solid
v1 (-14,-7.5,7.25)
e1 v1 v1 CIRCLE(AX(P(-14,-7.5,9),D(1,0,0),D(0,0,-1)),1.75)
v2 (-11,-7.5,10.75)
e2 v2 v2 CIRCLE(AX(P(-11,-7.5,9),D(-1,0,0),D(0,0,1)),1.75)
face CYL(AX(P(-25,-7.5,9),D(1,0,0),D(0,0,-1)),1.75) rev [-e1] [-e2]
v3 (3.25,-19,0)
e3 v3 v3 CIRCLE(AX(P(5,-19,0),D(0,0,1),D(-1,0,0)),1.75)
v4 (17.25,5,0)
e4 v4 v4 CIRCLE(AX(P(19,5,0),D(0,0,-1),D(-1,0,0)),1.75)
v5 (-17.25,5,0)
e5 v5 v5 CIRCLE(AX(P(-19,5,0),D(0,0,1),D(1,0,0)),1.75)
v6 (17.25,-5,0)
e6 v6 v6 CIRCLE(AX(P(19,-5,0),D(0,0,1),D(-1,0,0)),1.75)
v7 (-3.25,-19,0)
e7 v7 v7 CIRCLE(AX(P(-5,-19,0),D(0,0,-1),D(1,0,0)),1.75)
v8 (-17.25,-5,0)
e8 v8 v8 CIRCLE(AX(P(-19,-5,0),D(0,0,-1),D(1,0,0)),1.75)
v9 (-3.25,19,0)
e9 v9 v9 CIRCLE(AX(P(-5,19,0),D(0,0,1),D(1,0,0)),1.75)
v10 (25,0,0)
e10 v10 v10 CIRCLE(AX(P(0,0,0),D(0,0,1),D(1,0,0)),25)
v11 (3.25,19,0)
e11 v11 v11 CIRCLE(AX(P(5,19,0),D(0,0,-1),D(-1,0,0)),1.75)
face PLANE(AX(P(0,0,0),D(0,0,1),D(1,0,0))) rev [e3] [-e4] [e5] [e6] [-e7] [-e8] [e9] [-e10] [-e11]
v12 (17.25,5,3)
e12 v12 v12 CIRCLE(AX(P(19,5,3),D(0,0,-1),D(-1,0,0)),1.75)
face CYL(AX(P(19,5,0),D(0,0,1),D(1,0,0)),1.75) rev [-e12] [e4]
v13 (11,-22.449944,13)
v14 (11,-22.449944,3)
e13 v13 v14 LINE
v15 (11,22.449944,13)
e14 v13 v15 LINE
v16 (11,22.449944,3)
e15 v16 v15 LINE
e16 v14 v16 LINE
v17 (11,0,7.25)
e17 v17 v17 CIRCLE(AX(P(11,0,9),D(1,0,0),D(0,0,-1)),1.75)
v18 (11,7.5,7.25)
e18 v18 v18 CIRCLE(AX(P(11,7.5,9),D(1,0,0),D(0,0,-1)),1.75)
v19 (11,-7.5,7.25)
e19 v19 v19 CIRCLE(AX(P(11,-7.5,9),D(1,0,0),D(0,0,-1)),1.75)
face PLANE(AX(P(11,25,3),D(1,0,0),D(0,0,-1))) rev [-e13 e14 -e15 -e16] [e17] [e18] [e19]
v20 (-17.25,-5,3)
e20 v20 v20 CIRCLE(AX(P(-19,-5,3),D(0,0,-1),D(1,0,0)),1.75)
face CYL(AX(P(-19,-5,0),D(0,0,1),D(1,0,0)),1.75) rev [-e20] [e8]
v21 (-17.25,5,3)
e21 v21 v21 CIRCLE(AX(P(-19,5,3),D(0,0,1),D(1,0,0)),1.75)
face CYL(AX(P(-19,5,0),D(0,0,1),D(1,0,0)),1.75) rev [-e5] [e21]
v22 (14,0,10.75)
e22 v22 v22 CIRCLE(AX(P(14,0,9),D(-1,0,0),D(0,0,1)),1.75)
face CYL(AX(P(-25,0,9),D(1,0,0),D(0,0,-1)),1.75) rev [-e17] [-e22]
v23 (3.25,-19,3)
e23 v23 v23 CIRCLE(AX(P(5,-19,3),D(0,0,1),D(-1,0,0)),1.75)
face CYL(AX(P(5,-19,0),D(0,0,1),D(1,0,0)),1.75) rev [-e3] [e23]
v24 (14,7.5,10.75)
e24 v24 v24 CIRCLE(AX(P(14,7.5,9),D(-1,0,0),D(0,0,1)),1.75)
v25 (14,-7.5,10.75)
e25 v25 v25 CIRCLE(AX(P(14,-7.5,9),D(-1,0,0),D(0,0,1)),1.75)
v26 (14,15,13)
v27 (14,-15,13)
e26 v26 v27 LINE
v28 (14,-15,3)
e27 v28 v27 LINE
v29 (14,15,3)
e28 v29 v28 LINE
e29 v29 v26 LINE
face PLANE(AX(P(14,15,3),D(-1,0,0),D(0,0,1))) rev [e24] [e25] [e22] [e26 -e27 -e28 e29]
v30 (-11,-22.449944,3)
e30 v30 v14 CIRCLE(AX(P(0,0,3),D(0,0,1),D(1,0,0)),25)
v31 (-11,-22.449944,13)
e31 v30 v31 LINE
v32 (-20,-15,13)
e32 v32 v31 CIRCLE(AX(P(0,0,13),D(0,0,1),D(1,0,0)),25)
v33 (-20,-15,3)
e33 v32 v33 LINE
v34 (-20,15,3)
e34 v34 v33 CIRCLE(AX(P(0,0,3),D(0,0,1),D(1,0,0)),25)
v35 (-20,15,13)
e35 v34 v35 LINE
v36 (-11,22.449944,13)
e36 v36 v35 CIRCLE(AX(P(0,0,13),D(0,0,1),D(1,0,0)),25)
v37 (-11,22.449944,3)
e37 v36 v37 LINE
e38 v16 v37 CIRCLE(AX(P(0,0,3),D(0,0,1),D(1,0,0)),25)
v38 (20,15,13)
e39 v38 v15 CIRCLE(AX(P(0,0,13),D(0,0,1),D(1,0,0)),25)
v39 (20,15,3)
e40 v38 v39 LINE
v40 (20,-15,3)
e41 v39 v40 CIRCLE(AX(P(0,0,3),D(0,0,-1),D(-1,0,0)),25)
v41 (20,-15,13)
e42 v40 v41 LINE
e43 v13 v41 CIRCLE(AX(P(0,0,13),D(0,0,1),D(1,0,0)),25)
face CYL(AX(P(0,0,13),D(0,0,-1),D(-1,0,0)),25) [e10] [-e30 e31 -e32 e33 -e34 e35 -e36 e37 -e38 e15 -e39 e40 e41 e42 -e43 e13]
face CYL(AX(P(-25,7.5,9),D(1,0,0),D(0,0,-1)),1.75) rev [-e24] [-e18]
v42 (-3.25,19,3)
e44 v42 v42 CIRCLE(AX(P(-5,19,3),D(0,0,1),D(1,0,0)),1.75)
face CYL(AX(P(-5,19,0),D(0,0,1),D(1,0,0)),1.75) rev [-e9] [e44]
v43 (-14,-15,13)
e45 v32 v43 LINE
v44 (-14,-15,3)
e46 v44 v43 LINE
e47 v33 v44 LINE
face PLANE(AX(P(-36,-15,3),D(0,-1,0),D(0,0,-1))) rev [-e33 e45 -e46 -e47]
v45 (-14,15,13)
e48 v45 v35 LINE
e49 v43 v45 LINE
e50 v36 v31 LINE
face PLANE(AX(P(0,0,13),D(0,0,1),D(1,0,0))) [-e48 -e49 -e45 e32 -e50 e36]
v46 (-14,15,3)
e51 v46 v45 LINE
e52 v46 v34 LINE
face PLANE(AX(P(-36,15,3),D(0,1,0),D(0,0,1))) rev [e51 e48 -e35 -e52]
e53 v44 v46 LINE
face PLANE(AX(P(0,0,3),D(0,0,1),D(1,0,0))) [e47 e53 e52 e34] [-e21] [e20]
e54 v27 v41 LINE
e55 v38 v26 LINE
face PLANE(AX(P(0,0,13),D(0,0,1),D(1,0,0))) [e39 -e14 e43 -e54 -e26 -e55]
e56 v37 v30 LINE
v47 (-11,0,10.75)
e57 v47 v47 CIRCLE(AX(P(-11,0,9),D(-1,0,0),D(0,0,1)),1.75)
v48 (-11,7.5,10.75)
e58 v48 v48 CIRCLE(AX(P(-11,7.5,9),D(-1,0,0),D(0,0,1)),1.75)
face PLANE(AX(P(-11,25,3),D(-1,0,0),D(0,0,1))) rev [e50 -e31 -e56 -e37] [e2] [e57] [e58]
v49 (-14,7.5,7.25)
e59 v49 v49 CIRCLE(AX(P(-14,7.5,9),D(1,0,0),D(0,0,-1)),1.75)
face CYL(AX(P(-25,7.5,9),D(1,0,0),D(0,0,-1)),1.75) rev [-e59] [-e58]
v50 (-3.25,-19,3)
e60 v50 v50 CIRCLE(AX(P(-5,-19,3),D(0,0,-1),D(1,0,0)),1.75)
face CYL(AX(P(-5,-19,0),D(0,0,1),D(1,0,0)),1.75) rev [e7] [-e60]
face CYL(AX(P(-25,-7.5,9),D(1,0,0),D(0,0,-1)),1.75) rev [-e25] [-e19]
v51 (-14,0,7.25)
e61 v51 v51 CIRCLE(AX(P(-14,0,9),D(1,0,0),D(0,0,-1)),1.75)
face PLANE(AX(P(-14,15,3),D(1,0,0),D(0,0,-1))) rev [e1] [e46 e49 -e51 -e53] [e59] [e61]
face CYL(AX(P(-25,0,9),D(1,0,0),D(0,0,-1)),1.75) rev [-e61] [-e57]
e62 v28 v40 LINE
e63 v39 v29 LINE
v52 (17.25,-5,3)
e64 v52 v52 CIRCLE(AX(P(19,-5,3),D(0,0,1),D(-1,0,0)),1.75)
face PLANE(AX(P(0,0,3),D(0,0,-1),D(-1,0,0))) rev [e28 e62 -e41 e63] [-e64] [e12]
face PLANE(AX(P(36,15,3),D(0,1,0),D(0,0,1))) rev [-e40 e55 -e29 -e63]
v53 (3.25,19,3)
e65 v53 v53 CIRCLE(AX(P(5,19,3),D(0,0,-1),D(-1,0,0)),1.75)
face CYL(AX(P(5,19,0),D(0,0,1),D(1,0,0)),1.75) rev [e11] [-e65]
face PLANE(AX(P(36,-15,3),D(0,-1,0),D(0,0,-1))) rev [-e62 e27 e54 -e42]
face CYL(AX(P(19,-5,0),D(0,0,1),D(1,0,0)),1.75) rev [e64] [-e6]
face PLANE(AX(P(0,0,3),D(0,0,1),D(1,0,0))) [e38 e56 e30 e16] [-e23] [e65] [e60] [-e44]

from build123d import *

# Parameters (mm, degrees)
SKETCH1_R                                  = 25
BOSS_EXTRUDE1_DEPTH                        = 13
SKETCH3_W                                  = 22
SKETCH3_H                                  = 50
SKETCH3_H_2                                = 30
CUT_EXTRUDE1_DEPTH                         = 10
CUT_EXTRUDE2_DEPTH                         = 38.669616404
CUT_EXTRUDE2_DEPTH_BACK                    = 38.669616404
SKETCH4_R                                  = 1.75
SKETCH5_R                                  = 1.75
CUT_EXTRUDE3_DEPTH                         = 37.742346142
MIRROR1_AT_THE_SECOND_PLANE_COPY_1_SKETC_R = 1.75
MIRROR1_AT_THE_SECOND_PLANE_COPY_1_DEPTH   = 37.742346142


with BuildPart() as part:
    # Sketch1 → Boss-Extrude1 (new body)
    with BuildSketch(Plane.XY):
        with Locations(Location((0, 0, 0), (0, 0, 180))):
            Circle(SKETCH1_R)
    extrude(amount=BOSS_EXTRUDE1_DEPTH)

    # Sketch3 → Cut-Extrude1 (cut)
    with BuildSketch(Plane.XY.offset(13)):
        Rectangle(SKETCH3_W, SKETCH3_H)
        with Locations((25, 0)):
            Rectangle(SKETCH3_W, SKETCH3_H_2)
        with Locations((-25, 0)):
            Rectangle(SKETCH3_W, SKETCH3_H_2)
    extrude(amount=-CUT_EXTRUDE1_DEPTH, mode=Mode.SUBTRACT)

    # Sketch4 → Cut-Extrude2 (cut, two sides: drawn at the far end of the back side and taken through both)
    with BuildSketch(Plane(origin=(0, 0, 0), x_dir=(0, 0, -1), z_dir=(1, 0, 0)).offset(-CUT_EXTRUDE2_DEPTH_BACK)):
        with Locations((-9, 7.5)):
            Circle(SKETCH4_R)
        with Locations((-9, 0)):
            Circle(SKETCH4_R)
        with Locations((-9, -7.5)):
            Circle(SKETCH4_R)
    extrude(amount=CUT_EXTRUDE2_DEPTH + CUT_EXTRUDE2_DEPTH_BACK, mode=Mode.SUBTRACT)

    # Sketch5 → Cut-Extrude3 (cut, through all)
    with BuildSketch(Plane.XY.offset(3)):
        with Locations((-19, 5)):
            Circle(SKETCH5_R)
        with Locations((-5, 19)):
            Circle(SKETCH5_R)
    cut_extrude3 = extrude(amount=-CUT_EXTRUDE3_DEPTH, mode=Mode.SUBTRACT)

    # Mirror1: Cut-Extrude3 across plane
    add(cut_extrude3.mirror(Plane(origin=(0, 0, 0), x_dir=(0, 0, 1), z_dir=(1, 0, 0))), mode=Mode.SUBTRACT)

    # Mirror1 at the second plane: Cut-Extrude3 across plane
    add(cut_extrude3.mirror(Plane.ZX), mode=Mode.SUBTRACT)

    # Mirror1 at the second plane copy 1 sketc → Mirror1 at the second plane copy 1 (cut, through all)
    with BuildSketch(Plane(origin=(0, 0, 3), x_dir=(-1, 0, 0), z_dir=(0, 0, 1))):
        with Locations((-19, 5)):
            Circle(MIRROR1_AT_THE_SECOND_PLANE_COPY_1_SKETC_R)
        with Locations((-5, 19)):
            Circle(MIRROR1_AT_THE_SECOND_PLANE_COPY_1_SKETC_R)
    extrude(amount=-MIRROR1_AT_THE_SECOND_PLANE_COPY_1_DEPTH, mode=Mode.SUBTRACT)


solid = part.part
